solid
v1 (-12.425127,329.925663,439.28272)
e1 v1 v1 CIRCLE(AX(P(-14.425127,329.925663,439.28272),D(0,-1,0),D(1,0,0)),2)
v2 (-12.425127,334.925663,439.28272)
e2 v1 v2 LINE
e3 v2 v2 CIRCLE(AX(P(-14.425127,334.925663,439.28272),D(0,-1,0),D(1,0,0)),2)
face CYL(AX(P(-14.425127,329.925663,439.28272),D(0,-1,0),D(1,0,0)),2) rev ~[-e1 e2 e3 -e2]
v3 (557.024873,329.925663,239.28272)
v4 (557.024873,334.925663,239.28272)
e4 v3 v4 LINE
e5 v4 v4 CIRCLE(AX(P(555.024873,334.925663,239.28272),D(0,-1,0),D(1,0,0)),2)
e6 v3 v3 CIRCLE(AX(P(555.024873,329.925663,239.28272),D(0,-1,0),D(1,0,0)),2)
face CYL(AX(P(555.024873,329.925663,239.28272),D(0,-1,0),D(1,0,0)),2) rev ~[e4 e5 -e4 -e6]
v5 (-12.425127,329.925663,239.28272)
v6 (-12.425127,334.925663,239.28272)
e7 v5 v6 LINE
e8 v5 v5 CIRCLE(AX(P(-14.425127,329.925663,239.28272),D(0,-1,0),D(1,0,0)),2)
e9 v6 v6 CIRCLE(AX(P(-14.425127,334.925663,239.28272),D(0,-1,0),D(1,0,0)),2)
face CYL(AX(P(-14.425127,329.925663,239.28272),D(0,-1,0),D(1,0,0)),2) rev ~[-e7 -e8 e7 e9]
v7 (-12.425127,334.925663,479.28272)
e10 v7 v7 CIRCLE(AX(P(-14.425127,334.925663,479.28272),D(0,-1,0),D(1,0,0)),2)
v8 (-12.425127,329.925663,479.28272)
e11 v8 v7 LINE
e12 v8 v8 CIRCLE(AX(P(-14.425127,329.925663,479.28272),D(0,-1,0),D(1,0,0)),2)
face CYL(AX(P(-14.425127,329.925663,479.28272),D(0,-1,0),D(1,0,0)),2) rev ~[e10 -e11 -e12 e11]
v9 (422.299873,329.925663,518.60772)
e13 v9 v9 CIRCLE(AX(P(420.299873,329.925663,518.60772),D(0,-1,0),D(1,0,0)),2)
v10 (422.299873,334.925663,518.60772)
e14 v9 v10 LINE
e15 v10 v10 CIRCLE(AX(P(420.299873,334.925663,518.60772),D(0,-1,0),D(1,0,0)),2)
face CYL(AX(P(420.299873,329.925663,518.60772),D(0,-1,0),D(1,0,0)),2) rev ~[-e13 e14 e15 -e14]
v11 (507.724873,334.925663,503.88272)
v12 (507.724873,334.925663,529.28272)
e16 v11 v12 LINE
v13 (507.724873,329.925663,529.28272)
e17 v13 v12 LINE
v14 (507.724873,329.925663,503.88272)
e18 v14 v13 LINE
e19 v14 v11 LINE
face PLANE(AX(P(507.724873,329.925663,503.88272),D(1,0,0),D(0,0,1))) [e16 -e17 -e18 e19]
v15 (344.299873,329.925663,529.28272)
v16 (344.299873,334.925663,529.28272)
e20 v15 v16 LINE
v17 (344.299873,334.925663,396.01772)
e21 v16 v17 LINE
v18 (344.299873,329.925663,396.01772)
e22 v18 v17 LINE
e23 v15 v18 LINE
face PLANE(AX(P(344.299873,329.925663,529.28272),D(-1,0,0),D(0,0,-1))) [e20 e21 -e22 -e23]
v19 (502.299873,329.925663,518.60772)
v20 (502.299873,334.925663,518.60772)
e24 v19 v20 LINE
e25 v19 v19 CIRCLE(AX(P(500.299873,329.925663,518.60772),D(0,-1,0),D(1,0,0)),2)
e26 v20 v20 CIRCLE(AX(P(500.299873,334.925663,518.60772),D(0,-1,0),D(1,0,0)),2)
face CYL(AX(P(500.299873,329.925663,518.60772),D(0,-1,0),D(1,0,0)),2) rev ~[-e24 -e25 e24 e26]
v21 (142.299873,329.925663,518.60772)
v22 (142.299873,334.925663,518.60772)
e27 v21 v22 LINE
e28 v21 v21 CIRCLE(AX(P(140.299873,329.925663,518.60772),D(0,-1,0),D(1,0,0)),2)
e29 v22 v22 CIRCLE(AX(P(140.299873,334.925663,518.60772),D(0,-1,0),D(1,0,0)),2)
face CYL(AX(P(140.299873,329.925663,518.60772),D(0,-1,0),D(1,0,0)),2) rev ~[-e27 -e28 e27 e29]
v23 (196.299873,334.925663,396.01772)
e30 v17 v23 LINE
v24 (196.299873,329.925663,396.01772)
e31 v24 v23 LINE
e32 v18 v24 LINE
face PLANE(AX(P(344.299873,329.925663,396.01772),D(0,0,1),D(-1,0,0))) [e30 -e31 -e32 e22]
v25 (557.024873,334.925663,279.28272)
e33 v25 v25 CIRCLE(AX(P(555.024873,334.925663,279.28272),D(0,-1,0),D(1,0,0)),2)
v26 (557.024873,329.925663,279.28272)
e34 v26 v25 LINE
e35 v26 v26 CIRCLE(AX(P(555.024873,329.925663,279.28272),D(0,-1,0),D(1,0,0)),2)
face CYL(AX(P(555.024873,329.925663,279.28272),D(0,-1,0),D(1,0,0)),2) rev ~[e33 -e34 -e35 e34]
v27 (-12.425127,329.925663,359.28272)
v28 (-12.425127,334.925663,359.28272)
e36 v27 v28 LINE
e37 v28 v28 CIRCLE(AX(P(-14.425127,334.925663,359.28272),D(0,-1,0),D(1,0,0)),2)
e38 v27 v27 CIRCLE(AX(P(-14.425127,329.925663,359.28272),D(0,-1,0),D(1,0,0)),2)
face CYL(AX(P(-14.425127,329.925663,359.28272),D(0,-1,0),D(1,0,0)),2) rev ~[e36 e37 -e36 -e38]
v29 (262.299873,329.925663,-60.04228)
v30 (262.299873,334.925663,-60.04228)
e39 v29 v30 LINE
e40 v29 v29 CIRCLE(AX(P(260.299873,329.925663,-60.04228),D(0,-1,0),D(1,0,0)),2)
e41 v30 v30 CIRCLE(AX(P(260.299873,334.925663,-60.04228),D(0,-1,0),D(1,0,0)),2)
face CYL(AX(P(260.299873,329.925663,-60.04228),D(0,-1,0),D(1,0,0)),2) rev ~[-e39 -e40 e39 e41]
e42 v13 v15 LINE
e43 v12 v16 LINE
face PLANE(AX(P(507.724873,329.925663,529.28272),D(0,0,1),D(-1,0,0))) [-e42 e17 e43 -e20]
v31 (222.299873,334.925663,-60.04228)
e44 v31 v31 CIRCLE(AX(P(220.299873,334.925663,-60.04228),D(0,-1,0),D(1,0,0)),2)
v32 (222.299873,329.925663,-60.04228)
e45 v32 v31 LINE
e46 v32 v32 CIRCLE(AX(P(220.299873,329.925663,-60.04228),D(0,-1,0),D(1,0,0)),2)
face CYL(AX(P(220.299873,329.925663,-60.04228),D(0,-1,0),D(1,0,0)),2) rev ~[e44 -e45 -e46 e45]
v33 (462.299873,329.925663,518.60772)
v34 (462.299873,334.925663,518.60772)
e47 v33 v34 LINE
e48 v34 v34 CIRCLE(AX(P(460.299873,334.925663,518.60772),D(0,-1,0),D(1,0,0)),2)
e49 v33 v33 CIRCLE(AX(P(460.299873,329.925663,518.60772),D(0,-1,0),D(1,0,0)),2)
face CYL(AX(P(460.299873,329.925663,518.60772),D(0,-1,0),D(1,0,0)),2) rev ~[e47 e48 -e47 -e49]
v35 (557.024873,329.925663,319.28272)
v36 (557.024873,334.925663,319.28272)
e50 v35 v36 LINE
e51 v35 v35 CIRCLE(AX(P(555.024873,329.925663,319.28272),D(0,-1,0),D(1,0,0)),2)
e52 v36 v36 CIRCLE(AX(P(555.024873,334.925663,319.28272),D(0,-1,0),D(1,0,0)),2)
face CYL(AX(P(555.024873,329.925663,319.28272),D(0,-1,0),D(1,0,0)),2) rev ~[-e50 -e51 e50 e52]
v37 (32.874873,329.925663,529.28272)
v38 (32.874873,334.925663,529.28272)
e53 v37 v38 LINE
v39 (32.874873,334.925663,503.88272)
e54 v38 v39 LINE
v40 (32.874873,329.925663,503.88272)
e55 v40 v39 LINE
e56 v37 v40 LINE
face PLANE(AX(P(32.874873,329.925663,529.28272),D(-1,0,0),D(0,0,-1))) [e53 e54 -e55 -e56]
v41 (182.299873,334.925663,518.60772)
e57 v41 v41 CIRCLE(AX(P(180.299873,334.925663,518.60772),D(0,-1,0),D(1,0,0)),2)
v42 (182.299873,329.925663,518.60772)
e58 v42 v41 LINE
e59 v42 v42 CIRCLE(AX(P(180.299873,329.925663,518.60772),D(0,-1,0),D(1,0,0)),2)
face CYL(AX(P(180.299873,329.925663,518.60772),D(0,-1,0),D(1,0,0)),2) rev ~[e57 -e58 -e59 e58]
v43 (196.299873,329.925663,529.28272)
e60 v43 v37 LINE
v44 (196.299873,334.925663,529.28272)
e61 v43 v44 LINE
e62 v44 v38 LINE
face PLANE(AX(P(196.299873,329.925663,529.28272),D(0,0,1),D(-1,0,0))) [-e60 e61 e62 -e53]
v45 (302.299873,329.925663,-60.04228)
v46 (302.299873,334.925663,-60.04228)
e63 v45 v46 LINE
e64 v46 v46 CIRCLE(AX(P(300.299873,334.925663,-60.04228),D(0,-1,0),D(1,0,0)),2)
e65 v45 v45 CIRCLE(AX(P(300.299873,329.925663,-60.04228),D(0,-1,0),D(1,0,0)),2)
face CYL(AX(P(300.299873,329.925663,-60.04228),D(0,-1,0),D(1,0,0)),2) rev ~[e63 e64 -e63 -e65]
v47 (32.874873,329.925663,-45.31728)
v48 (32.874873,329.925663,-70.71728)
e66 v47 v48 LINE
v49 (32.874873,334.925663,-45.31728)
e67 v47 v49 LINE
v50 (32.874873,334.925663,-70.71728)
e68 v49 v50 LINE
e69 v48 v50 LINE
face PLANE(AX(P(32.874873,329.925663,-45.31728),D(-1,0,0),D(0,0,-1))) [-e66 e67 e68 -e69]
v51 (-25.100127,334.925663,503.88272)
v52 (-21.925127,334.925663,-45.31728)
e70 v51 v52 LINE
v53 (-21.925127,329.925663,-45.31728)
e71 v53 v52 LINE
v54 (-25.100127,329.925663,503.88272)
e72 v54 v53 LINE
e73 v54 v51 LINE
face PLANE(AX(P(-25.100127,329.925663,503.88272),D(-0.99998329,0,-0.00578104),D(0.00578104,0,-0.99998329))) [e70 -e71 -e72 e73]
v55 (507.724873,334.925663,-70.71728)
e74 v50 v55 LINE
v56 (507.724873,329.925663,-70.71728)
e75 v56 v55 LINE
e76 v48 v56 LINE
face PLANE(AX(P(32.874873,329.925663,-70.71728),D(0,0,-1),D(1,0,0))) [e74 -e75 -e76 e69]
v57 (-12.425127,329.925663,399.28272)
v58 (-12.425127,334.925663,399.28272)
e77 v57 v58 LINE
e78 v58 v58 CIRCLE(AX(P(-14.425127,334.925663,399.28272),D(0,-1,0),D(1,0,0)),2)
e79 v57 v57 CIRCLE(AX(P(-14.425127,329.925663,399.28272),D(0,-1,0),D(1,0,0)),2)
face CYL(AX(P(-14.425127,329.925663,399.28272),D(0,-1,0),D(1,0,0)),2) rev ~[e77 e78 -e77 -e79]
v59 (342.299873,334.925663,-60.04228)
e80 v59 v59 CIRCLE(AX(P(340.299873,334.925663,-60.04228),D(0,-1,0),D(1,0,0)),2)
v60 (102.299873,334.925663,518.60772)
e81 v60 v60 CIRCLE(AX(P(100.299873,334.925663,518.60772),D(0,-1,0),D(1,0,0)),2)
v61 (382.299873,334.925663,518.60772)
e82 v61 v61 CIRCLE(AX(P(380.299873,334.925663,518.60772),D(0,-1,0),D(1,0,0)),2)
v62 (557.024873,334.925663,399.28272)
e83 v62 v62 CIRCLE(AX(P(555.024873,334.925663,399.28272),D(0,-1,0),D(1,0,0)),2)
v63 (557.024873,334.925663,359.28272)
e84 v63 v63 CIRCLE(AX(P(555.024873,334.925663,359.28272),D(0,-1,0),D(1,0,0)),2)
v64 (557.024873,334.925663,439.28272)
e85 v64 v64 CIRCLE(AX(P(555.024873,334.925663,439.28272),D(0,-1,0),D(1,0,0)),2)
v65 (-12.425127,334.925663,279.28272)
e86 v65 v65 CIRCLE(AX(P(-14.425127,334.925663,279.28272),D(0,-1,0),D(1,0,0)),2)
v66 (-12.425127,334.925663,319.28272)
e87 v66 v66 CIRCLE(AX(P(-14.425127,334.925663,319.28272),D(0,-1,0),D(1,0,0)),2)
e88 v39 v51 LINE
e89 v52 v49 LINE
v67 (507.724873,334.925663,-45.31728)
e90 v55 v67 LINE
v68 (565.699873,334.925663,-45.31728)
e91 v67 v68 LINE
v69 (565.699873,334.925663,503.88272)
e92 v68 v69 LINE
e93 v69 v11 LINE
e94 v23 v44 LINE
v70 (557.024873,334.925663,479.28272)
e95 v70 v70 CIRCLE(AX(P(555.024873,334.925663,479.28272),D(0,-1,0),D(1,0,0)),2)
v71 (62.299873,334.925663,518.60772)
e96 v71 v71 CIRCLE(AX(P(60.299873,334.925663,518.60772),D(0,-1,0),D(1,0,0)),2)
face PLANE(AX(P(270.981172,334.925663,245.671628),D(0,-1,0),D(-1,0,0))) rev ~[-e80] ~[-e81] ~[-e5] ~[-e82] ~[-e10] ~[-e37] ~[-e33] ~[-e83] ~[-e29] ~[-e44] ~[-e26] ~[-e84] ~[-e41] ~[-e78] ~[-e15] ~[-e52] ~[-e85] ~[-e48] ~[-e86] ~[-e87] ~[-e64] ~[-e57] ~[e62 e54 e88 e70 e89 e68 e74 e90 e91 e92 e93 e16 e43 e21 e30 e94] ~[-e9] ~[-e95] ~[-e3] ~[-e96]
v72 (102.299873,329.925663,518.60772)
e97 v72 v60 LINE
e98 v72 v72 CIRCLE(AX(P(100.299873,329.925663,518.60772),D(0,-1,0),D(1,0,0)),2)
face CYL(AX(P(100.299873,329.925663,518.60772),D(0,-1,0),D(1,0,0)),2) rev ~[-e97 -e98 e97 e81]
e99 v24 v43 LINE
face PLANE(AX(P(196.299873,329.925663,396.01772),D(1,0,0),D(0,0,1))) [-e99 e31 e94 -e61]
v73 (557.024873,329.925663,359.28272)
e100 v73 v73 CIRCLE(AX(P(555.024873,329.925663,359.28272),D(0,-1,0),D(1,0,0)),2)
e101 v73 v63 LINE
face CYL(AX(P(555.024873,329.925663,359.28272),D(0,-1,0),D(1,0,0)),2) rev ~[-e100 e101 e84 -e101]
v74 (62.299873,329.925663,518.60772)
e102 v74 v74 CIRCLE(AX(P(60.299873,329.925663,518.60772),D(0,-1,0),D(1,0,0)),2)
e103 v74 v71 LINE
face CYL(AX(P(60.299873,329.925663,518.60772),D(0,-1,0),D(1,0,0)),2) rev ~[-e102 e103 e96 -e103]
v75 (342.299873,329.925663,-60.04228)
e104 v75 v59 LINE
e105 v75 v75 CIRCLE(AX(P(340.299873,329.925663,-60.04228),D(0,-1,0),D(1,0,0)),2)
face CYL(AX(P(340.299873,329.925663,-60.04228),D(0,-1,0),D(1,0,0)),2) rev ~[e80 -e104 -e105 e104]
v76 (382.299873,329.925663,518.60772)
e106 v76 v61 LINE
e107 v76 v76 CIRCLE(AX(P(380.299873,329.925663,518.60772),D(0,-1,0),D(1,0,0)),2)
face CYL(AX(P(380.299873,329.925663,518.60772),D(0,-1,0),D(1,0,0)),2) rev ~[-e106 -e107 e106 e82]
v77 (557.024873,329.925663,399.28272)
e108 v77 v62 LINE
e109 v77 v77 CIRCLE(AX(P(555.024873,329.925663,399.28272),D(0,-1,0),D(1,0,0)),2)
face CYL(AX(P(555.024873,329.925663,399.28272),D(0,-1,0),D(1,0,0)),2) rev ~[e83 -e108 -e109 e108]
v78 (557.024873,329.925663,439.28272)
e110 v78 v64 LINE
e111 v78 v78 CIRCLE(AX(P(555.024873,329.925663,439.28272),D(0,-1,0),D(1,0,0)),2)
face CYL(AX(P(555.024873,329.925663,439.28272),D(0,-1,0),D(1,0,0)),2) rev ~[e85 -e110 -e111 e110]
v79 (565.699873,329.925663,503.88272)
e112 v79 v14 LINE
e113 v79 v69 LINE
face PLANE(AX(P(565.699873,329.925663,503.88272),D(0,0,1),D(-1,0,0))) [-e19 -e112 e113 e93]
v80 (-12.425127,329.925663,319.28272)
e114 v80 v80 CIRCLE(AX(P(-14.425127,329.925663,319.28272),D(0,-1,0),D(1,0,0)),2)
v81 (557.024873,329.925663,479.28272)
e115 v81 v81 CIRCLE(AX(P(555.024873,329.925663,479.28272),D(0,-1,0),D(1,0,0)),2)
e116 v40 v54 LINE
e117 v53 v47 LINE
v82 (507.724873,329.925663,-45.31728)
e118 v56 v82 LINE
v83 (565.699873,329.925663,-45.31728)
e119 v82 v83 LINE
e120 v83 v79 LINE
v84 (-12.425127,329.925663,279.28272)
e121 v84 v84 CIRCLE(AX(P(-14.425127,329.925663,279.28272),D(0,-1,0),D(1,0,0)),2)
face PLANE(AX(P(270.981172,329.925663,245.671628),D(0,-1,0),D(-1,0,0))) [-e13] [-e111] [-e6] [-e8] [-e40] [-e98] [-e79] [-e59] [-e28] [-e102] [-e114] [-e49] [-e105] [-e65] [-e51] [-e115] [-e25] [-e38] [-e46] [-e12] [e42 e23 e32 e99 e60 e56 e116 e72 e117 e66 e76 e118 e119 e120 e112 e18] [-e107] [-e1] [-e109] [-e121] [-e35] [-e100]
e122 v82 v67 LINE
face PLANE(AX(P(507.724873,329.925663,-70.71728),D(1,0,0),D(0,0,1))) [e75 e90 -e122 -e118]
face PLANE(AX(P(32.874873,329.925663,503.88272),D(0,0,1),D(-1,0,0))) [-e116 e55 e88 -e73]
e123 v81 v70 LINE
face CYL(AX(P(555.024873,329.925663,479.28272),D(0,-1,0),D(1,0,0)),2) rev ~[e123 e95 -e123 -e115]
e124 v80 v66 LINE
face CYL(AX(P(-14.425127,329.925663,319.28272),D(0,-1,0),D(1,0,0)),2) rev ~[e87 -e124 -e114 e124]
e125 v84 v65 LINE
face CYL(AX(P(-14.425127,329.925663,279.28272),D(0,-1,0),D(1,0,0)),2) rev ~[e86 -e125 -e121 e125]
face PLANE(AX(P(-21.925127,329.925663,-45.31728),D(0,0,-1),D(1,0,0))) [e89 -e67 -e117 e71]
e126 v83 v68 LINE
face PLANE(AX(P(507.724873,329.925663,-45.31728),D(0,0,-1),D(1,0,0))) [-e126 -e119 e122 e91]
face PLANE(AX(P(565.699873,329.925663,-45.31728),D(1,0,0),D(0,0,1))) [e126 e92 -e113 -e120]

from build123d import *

# Parameters (mm, degrees)
BOSS_EXTRUDE1_DEPTH = 5
SKETCH2_R           = 2
CUT_EXTRUDE1_DEPTH  = 6


with BuildPart() as part:
    # Sketch1 → Boss-Extrude1 (new body)
    with BuildSketch(Plane(origin=(0, 329.925662842, 0), x_dir=(1, 0, 0), z_dir=(0, 1, 0))):
        Polygon((507.724872759, 70.717280325), (507.724872759, 45.317280325), (565.699872759, 45.317280325), (565.699872759, -503.882719675), (507.724872759, -503.882719675), (507.724872759, -529.282719675), (344.299872759, -529.282719675), (344.299872759, -396.017719675), (196.299872759, -396.017719675), (196.299872759, -529.282719675), (32.874872759, -529.282719675), (32.874872759, -503.882719675), (-25.100127241, -503.882719675), (-21.925127241, 45.317280325), (32.874872759, 45.317280325), (32.874872759, 70.717280325), align=None)
    extrude(amount=BOSS_EXTRUDE1_DEPTH)

    # Sketch2 → Cut-Extrude1 (cut, through all)
    with BuildSketch(Plane.XZ.offset(-329.925662842)):
        with Locations((60.299872759, 518.607719675)):
            Circle(SKETCH2_R)
        with Locations((380.299872759, 518.607719675)):
            Circle(SKETCH2_R)
        with Locations((220.299872759, -60.042280325)):
            Circle(SKETCH2_R)
        with Locations((100.299872759, 518.607719675)):
            Circle(SKETCH2_R)
        with Locations((420.299872759, 518.607719675)):
            Circle(SKETCH2_R)
        with Locations((260.299872759, -60.042280325)):
            Circle(SKETCH2_R)
        with Locations((140.299872759, 518.607719675)):
            Circle(SKETCH2_R)
        with Locations((460.299872759, 518.607719675)):
            Circle(SKETCH2_R)
        with Locations((300.299872759, -60.042280325)):
            Circle(SKETCH2_R)
        with Locations((180.299872759, 518.607719675)):
            Circle(SKETCH2_R)
        with Locations((500.299872759, 518.607719675)):
            Circle(SKETCH2_R)
        with Locations((340.299872759, -60.042280325)):
            Circle(SKETCH2_R)
        with Locations((-14.425127241, 239.282719675)):
            Circle(SKETCH2_R)
        with Locations((555.024872759, 239.282719675)):
            Circle(SKETCH2_R)
        with Locations((-14.425127241, 279.282719675)):
            Circle(SKETCH2_R)
        with Locations((555.024872759, 279.282719675)):
            Circle(SKETCH2_R)
        with Locations((-14.425127241, 319.282719675)):
            Circle(SKETCH2_R)
        with Locations((555.024872759, 319.282719675)):
            Circle(SKETCH2_R)
        with Locations((-14.425127241, 359.282719675)):
            Circle(SKETCH2_R)
        with Locations((555.024872759, 359.282719675)):
            Circle(SKETCH2_R)
        with Locations((-14.425127241, 399.282719675)):
            Circle(SKETCH2_R)
        with Locations((555.024872759, 399.282719675)):
            Circle(SKETCH2_R)
        with Locations((-14.425127241, 439.282719675)):
            Circle(SKETCH2_R)
        with Locations((555.024872759, 439.282719675)):
            Circle(SKETCH2_R)
        with Locations((-14.425127241, 479.282719675)):
            Circle(SKETCH2_R)
        with Locations((555.024872759, 479.282719675)):
            Circle(SKETCH2_R)
    extrude(amount=-CUT_EXTRUDE1_DEPTH, mode=Mode.SUBTRACT)


solid = part.part
